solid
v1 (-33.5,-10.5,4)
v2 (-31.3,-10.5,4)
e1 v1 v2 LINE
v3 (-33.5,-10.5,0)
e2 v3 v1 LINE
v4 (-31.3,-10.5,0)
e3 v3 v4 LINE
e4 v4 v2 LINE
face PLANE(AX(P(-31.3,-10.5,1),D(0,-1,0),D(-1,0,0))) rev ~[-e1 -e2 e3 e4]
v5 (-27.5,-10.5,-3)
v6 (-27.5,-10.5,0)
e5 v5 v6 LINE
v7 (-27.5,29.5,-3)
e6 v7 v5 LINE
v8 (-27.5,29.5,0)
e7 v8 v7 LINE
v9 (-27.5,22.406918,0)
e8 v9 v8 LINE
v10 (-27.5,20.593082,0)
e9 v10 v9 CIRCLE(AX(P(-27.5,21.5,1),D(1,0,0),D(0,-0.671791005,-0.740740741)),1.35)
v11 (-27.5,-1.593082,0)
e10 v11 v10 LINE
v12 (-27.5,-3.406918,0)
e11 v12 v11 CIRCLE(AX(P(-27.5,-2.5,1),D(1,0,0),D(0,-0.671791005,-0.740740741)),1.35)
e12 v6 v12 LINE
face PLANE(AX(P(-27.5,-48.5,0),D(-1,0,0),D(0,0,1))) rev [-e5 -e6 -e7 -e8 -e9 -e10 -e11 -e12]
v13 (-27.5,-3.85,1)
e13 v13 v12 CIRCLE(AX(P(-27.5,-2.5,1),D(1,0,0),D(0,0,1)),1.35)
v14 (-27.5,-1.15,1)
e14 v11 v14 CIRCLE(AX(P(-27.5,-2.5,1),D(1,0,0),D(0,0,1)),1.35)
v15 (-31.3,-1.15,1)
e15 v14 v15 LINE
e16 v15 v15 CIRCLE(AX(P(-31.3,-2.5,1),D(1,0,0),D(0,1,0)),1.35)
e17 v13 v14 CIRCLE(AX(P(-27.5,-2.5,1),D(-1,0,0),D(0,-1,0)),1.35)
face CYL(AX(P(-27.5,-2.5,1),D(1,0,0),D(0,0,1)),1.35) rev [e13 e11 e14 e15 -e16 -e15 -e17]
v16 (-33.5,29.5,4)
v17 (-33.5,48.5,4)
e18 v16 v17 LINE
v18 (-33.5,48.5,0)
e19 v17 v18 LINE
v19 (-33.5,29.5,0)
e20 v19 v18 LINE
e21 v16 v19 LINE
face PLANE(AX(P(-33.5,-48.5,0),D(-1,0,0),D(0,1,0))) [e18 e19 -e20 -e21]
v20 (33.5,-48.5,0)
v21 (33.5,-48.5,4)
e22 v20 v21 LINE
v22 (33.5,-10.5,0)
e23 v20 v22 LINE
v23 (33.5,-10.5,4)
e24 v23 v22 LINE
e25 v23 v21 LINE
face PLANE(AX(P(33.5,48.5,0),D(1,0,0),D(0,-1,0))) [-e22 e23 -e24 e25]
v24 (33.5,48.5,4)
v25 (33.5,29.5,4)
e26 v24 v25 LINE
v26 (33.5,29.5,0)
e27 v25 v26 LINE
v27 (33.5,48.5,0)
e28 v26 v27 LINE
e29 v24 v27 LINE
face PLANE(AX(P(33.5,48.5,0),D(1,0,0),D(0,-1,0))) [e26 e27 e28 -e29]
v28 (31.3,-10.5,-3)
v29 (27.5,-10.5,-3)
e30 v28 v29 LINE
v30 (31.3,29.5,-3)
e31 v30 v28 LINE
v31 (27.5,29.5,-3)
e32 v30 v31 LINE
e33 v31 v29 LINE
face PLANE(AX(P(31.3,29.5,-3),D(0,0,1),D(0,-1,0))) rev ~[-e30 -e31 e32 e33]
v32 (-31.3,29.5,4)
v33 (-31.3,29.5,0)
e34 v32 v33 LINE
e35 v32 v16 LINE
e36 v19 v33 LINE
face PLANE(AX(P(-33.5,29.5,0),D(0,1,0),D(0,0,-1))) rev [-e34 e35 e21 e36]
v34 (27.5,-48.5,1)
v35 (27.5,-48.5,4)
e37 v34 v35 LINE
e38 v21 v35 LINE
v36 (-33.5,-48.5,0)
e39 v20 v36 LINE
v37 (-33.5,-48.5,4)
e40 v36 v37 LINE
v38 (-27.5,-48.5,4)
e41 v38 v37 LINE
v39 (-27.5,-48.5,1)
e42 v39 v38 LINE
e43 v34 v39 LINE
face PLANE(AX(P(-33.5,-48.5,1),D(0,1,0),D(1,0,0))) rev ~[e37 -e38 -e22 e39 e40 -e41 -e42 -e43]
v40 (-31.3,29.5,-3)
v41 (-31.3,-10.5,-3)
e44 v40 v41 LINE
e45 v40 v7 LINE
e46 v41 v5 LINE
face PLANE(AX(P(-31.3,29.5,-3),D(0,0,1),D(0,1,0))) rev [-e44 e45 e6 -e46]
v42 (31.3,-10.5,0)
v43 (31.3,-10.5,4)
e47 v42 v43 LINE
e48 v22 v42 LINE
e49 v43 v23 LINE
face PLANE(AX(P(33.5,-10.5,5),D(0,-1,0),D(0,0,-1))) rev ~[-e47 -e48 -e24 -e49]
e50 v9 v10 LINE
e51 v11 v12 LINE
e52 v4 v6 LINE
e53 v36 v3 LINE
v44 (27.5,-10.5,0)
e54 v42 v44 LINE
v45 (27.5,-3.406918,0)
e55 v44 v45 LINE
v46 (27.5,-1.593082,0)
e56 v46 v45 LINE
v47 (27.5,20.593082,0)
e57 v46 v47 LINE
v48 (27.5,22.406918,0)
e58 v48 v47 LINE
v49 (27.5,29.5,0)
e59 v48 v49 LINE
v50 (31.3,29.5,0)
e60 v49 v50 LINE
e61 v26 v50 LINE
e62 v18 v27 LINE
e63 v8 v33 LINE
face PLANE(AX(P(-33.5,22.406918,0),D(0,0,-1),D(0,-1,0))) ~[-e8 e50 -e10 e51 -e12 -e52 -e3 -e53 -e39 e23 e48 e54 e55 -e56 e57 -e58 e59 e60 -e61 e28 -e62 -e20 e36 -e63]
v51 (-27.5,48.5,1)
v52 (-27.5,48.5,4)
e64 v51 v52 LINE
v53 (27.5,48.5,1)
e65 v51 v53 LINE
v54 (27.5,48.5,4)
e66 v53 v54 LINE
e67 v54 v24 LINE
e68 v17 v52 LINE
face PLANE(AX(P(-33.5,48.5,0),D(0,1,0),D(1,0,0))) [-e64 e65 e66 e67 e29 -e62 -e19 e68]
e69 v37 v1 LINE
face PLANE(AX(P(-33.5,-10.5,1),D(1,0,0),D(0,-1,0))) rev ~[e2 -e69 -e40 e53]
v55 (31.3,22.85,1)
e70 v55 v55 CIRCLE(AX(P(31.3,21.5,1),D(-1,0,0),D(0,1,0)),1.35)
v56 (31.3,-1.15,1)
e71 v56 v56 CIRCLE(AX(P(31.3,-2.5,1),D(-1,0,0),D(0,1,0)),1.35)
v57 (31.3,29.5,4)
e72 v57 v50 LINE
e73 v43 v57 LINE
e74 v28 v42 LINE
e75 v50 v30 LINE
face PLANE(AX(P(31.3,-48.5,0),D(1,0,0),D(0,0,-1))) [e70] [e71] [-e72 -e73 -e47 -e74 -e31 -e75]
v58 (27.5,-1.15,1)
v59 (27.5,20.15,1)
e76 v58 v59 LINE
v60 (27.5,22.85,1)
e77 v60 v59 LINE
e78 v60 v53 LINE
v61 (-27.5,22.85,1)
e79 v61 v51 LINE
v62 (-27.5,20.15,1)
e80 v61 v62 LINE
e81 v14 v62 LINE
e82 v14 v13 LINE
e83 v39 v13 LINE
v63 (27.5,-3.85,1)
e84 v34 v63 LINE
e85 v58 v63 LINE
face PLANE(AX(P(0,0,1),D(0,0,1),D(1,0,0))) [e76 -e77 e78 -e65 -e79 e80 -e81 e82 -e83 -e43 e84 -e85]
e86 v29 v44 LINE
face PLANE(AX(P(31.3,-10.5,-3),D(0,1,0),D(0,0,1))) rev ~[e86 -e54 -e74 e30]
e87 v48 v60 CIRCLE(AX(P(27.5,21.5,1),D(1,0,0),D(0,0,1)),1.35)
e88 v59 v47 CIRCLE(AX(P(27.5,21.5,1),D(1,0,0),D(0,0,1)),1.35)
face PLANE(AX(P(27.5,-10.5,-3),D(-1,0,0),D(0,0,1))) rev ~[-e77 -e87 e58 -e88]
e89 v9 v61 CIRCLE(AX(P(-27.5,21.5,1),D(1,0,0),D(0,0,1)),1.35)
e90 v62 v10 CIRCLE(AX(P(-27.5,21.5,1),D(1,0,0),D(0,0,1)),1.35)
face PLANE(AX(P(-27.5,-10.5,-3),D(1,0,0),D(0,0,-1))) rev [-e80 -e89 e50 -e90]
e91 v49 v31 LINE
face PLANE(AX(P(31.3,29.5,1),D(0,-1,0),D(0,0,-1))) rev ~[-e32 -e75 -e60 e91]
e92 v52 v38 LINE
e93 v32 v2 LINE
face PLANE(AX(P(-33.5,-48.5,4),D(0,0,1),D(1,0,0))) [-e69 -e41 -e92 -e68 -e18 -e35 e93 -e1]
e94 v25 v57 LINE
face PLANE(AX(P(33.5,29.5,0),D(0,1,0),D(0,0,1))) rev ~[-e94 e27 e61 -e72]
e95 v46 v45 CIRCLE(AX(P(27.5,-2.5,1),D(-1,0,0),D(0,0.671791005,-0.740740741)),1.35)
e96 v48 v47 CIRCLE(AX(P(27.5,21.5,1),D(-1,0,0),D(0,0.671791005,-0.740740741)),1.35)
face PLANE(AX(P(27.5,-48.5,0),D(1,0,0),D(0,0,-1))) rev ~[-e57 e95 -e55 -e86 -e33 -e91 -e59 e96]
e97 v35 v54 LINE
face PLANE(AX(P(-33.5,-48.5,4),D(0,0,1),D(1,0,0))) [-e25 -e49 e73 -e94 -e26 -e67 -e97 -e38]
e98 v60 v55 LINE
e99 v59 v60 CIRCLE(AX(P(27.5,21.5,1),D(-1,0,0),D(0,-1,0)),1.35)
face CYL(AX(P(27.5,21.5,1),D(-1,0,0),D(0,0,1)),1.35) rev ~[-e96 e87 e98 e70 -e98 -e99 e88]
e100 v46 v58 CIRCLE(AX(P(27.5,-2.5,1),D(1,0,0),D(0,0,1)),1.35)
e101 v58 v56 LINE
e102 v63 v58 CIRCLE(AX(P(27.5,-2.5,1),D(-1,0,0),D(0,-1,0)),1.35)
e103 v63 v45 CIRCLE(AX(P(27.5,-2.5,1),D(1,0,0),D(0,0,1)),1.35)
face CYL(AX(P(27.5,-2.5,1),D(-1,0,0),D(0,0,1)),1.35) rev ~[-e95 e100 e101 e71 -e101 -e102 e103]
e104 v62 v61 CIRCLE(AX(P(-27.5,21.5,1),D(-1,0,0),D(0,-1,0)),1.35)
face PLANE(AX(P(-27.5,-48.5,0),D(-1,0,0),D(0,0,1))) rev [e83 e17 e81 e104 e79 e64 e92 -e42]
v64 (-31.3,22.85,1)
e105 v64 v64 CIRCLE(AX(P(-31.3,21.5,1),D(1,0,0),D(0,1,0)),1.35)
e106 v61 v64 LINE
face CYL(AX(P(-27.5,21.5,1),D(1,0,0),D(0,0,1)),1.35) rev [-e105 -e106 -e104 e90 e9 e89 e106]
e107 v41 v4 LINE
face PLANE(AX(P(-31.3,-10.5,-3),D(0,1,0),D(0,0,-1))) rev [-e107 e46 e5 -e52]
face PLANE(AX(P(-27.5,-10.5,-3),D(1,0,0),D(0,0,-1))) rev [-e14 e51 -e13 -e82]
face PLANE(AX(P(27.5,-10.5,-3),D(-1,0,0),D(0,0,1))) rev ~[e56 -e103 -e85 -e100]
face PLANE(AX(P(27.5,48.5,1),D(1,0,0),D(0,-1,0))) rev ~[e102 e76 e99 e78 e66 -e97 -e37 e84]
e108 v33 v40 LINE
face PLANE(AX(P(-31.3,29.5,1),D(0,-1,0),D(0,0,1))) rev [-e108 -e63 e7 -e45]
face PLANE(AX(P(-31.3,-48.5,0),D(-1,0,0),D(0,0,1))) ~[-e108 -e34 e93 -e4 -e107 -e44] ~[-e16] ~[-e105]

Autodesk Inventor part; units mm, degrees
ref_plane "YZ Plane" through (0, 0, 0) normal (1, 0, 0) x (0, 1, 0)
ref_plane "XZ Plane" through (0, 0, 0) normal (0, 1, 0) x (-1, 0, 0)
ref_plane "XY Plane" through (0, 0, 0) normal (0, 0, 1) x (1, 0, 0)
sketch "スケッチ1" plane through (0, 0, 0) normal (0, 0, 1) x (1, 0, 0)
  line L0 (33.5, -48.5) -> (-33.5, -48.5)
  line L1 (-33.5, -48.5) -> (-33.5, 48.5)
  line L2 (-33.5, 48.5) -> (33.5, 48.5)
  line L3 (33.5, 48.5) -> (33.5, -48.5)
  line L4 (33.5, -48.5) -> (-33.5, 48.5) construction
  line L5 (-33.5, -48.5) -> (33.5, 48.5) construction
  point P0 (0, 0)
  dimension "d0" = 67
  dimension "d1" = 97
extrude "押し出し1" add sketch "スケッチ1" along normal blind 1
sketch "スケッチ3" plane through (33.5, -48.5, 0) normal (1, 0, 0) x (0, 0, -1)
  line L0 (0, 78) -> (-5, 78)
  line L1 (-5, 78) -> (-5, 38)
  line L2 (-5, 38) -> (0, 38)
  line L3 (0, 38) -> (0, 78)
  circle A0 centre (-1, 70) radius 1.35
  line L4 (0, 97) -> (-1, 97) projected
  line L5 (0, 0) -> (0, 97) projected
  circle A1 centre (-1, 46) radius 1.35
  point P0 (0, 48.5)
  dimension "d4" = 5
  dimension "d5" = 27
  dimension "d6" = 8
  dimension "d7" = 40
  dimension "d8" = 2.7
  dimension "d9" = 8
  dimension "d48" = 1
extrude "押し出し2" add sketch "スケッチ3" against normal blind 6 contours L3 A0 A1 L2 L1 L0
extrude "押し出し3" cut sketch "スケッチ3" against normal blind 2.2 contours L3 A0 A1 L2 L1 L0
mirror "ミラー1" about plane through (0, 0, 0) normal (1, 0, 0) of "押し出し2", "押し出し3"
sketch "スケッチ12" plane through (31.3, -48.5, 0) normal (1, 0, 0) x (0, 0, -1)
  line L0 (-1, 78) -> (-5, 78) projected
  line L1 (-5, 78) -> (3, 78)
  line L2 (3, 78) -> (3, 38)
  line L3 (3, 38) -> (-5, 38)
  line L4 (-5, 38) -> (-5, 78)
  arc A0 (-1, 71.35) -> (-1, 68.65) centre (-1, 70) ccw projected
  arc A1 (-1, 47.35) -> (-1, 44.65) centre (-1, 46) ccw projected
  circle A2 centre (-1, 70) radius 1.35
  circle A3 centre (-1, 46) radius 1.35
  point P0 (0, 48.5)
  point P1 (0, 38)
  point P2 (-1, 68.65)
  point P3 (-1, 44.65)
  dimension "d49" = 8
extrude "押し出し15" add sketch "スケッチ12" against normal up to surface (3.8 mm away)
sketch "スケッチ13" plane through (27.5, -10.5, -3) normal (-1, 0, 0) x (0, 0, 1)
  line L0 (4, 30.65) -> (4, 33.35) projected
  circle A0 centre (4, 32) radius 1.35
  line L1 (4, 6.65) -> (4, 9.35) projected
  circle A1 centre (4, 8) radius 1.35
  arc A2 (4, 30.65) -> (4, 33.35) centre (4, 32) ccw projected
  arc A3 (4, 6.65) -> (4, 9.35) centre (4, 8) ccw projected
  point P0 (3, 10.5)
extrude "押し出し16" cut sketch "スケッチ13" against normal through all
mirror "ミラー2" about plane through (0, 0, 0) normal (1, 0, 0) of "押し出し15", "押し出し16"
sketch "スケッチ14" plane through (0, 0, 1) normal (0, 0, 1) x (1, 0, 0)
  line L0 (-27.5, -10.5) -> (-27.5, 29.5) projected
  line L1 (27.5, -10.5) -> (27.5, 29.5) projected
  line L2 (33.5, 48.5) -> (-33.5, 48.5) projected
  line L3 (-33.5, -48.5) -> (33.5, -48.5) projected
  line L4 (-27.5, 48.5) -> (27.5, 48.5)
  line L5 (27.5, 48.5) -> (27.5, -48.5)
  line L6 (27.5, -48.5) -> (-27.5, -48.5)
  line L7 (-27.5, -48.5) -> (-27.5, 48.5)
  line L8 (-27.5, 22.85) -> (-27.5, 20.15) projected
  line L9 (-27.5, 20.15) -> (-27.5, -1.15) projected
  line L10 (-27.5, -1.15) -> (-27.5, -3.85) projected
  line L11 (-27.5, -3.85) -> (-27.5, -10.5) projected
  line L12 (-27.5, -10.5) -> (-31.3, -10.5) projected
  line L13 (-31.3, -10.5) -> (-33.5, -10.5) projected
  line L14 (-33.5, -10.5) -> (-33.5, -48.5) projected
  line L15 (-33.5, -48.5) -> (33.5, -48.5) projected
  line L16 (33.5, -48.5) -> (33.5, -10.5) projected
  line L17 (33.5, -10.5) -> (31.3, -10.5) projected
  line L18 (31.3, -10.5) -> (27.5, -10.5) projected
  line L19 (27.5, -10.5) -> (27.5, -3.85) projected
  line L20 (27.5, -3.85) -> (27.5, -1.15) projected
  line L21 (27.5, -1.15) -> (27.5, 20.15) projected
  line L22 (27.5, 20.15) -> (27.5, 22.85) projected
  line L23 (27.5, 22.85) -> (27.5, 29.5) projected
  line L24 (27.5, 29.5) -> (31.3, 29.5) projected
  line L25 (31.3, 29.5) -> (33.5, 29.5) projected
  line L26 (33.5, 29.5) -> (33.5, 48.5) projected
  line L27 (33.5, 48.5) -> (-33.5, 48.5) projected
  line L28 (-33.5, 48.5) -> (-33.5, 29.5) projected
  line L29 (-33.5, 29.5) -> (-31.3, 29.5) projected
  line L30 (-31.3, 29.5) -> (-27.5, 29.5) projected
  line L31 (-27.5, 29.5) -> (-27.5, 22.85) projected
  point P0 (0, 0)
  point P1 (-27.5, -48.5)
extrude "押し出し17" add sketch "スケッチ14" along normal up to surface (4 mm away) contours L7 L3 L14 L13 L12 | L5 L18 L17 L16 L3 | L30 L29 L28 L2 L7 | L2 L26 L25 L24 L5
sketch "スケッチ15" plane through (-33.5, -48.5, 5) normal (0, 0, 1) x (1, 0, 0)
  line L0 (2.2, 78) -> (2.2, 38) projected
  line L1 (0, 38) -> (2.2, 38) projected
  line L2 (0, 0) -> (0, 38) projected
  line L3 (6, 0) -> (0, 0) projected
  line L4 (6, 97) -> (6, 0) projected
  line L5 (0, 97) -> (6, 97) projected
  line L6 (0, 78) -> (0, 97) projected
  line L7 (2.2, 78) -> (0, 78) projected
  line L8 (64.8, 38) -> (64.8, 78) projected
  line L9 (67, 78) -> (64.8, 78) projected
  line L10 (67, 97) -> (67, 78) projected
  line L11 (61, 97) -> (67, 97) projected
  line L12 (61, 0) -> (61, 97) projected
  line L13 (67, 0) -> (61, 0) projected
  line L14 (67, 38) -> (67, 0) projected
  line L15 (64.8, 38) -> (67, 38) projected
  point P0 (33.5, 48.5)
extrude "押し出し18" cut sketch "スケッチ15" against normal blind 1
equation "\"d9\" = d6"
equation "\"BendRadius\" = Thickness"
equation "\"BendReliefWidth\" = Thickness"
equation "\"BendReliefDepth\" = 0.5 * Thickness"
equation "\"CornerReliefSize\" = 4 * Thickness"
equation "\"MinimumRemnant\" = 2 * Thickness"
equation "\"TransitionRadius\" = BendRadius"
equation "\"JacobiRadiusSize\" = BendRadius"
equation "\"GapSize\" = Thickness"
equation "\"Thickness\" = 3.048"
properties part number "cover_right"
